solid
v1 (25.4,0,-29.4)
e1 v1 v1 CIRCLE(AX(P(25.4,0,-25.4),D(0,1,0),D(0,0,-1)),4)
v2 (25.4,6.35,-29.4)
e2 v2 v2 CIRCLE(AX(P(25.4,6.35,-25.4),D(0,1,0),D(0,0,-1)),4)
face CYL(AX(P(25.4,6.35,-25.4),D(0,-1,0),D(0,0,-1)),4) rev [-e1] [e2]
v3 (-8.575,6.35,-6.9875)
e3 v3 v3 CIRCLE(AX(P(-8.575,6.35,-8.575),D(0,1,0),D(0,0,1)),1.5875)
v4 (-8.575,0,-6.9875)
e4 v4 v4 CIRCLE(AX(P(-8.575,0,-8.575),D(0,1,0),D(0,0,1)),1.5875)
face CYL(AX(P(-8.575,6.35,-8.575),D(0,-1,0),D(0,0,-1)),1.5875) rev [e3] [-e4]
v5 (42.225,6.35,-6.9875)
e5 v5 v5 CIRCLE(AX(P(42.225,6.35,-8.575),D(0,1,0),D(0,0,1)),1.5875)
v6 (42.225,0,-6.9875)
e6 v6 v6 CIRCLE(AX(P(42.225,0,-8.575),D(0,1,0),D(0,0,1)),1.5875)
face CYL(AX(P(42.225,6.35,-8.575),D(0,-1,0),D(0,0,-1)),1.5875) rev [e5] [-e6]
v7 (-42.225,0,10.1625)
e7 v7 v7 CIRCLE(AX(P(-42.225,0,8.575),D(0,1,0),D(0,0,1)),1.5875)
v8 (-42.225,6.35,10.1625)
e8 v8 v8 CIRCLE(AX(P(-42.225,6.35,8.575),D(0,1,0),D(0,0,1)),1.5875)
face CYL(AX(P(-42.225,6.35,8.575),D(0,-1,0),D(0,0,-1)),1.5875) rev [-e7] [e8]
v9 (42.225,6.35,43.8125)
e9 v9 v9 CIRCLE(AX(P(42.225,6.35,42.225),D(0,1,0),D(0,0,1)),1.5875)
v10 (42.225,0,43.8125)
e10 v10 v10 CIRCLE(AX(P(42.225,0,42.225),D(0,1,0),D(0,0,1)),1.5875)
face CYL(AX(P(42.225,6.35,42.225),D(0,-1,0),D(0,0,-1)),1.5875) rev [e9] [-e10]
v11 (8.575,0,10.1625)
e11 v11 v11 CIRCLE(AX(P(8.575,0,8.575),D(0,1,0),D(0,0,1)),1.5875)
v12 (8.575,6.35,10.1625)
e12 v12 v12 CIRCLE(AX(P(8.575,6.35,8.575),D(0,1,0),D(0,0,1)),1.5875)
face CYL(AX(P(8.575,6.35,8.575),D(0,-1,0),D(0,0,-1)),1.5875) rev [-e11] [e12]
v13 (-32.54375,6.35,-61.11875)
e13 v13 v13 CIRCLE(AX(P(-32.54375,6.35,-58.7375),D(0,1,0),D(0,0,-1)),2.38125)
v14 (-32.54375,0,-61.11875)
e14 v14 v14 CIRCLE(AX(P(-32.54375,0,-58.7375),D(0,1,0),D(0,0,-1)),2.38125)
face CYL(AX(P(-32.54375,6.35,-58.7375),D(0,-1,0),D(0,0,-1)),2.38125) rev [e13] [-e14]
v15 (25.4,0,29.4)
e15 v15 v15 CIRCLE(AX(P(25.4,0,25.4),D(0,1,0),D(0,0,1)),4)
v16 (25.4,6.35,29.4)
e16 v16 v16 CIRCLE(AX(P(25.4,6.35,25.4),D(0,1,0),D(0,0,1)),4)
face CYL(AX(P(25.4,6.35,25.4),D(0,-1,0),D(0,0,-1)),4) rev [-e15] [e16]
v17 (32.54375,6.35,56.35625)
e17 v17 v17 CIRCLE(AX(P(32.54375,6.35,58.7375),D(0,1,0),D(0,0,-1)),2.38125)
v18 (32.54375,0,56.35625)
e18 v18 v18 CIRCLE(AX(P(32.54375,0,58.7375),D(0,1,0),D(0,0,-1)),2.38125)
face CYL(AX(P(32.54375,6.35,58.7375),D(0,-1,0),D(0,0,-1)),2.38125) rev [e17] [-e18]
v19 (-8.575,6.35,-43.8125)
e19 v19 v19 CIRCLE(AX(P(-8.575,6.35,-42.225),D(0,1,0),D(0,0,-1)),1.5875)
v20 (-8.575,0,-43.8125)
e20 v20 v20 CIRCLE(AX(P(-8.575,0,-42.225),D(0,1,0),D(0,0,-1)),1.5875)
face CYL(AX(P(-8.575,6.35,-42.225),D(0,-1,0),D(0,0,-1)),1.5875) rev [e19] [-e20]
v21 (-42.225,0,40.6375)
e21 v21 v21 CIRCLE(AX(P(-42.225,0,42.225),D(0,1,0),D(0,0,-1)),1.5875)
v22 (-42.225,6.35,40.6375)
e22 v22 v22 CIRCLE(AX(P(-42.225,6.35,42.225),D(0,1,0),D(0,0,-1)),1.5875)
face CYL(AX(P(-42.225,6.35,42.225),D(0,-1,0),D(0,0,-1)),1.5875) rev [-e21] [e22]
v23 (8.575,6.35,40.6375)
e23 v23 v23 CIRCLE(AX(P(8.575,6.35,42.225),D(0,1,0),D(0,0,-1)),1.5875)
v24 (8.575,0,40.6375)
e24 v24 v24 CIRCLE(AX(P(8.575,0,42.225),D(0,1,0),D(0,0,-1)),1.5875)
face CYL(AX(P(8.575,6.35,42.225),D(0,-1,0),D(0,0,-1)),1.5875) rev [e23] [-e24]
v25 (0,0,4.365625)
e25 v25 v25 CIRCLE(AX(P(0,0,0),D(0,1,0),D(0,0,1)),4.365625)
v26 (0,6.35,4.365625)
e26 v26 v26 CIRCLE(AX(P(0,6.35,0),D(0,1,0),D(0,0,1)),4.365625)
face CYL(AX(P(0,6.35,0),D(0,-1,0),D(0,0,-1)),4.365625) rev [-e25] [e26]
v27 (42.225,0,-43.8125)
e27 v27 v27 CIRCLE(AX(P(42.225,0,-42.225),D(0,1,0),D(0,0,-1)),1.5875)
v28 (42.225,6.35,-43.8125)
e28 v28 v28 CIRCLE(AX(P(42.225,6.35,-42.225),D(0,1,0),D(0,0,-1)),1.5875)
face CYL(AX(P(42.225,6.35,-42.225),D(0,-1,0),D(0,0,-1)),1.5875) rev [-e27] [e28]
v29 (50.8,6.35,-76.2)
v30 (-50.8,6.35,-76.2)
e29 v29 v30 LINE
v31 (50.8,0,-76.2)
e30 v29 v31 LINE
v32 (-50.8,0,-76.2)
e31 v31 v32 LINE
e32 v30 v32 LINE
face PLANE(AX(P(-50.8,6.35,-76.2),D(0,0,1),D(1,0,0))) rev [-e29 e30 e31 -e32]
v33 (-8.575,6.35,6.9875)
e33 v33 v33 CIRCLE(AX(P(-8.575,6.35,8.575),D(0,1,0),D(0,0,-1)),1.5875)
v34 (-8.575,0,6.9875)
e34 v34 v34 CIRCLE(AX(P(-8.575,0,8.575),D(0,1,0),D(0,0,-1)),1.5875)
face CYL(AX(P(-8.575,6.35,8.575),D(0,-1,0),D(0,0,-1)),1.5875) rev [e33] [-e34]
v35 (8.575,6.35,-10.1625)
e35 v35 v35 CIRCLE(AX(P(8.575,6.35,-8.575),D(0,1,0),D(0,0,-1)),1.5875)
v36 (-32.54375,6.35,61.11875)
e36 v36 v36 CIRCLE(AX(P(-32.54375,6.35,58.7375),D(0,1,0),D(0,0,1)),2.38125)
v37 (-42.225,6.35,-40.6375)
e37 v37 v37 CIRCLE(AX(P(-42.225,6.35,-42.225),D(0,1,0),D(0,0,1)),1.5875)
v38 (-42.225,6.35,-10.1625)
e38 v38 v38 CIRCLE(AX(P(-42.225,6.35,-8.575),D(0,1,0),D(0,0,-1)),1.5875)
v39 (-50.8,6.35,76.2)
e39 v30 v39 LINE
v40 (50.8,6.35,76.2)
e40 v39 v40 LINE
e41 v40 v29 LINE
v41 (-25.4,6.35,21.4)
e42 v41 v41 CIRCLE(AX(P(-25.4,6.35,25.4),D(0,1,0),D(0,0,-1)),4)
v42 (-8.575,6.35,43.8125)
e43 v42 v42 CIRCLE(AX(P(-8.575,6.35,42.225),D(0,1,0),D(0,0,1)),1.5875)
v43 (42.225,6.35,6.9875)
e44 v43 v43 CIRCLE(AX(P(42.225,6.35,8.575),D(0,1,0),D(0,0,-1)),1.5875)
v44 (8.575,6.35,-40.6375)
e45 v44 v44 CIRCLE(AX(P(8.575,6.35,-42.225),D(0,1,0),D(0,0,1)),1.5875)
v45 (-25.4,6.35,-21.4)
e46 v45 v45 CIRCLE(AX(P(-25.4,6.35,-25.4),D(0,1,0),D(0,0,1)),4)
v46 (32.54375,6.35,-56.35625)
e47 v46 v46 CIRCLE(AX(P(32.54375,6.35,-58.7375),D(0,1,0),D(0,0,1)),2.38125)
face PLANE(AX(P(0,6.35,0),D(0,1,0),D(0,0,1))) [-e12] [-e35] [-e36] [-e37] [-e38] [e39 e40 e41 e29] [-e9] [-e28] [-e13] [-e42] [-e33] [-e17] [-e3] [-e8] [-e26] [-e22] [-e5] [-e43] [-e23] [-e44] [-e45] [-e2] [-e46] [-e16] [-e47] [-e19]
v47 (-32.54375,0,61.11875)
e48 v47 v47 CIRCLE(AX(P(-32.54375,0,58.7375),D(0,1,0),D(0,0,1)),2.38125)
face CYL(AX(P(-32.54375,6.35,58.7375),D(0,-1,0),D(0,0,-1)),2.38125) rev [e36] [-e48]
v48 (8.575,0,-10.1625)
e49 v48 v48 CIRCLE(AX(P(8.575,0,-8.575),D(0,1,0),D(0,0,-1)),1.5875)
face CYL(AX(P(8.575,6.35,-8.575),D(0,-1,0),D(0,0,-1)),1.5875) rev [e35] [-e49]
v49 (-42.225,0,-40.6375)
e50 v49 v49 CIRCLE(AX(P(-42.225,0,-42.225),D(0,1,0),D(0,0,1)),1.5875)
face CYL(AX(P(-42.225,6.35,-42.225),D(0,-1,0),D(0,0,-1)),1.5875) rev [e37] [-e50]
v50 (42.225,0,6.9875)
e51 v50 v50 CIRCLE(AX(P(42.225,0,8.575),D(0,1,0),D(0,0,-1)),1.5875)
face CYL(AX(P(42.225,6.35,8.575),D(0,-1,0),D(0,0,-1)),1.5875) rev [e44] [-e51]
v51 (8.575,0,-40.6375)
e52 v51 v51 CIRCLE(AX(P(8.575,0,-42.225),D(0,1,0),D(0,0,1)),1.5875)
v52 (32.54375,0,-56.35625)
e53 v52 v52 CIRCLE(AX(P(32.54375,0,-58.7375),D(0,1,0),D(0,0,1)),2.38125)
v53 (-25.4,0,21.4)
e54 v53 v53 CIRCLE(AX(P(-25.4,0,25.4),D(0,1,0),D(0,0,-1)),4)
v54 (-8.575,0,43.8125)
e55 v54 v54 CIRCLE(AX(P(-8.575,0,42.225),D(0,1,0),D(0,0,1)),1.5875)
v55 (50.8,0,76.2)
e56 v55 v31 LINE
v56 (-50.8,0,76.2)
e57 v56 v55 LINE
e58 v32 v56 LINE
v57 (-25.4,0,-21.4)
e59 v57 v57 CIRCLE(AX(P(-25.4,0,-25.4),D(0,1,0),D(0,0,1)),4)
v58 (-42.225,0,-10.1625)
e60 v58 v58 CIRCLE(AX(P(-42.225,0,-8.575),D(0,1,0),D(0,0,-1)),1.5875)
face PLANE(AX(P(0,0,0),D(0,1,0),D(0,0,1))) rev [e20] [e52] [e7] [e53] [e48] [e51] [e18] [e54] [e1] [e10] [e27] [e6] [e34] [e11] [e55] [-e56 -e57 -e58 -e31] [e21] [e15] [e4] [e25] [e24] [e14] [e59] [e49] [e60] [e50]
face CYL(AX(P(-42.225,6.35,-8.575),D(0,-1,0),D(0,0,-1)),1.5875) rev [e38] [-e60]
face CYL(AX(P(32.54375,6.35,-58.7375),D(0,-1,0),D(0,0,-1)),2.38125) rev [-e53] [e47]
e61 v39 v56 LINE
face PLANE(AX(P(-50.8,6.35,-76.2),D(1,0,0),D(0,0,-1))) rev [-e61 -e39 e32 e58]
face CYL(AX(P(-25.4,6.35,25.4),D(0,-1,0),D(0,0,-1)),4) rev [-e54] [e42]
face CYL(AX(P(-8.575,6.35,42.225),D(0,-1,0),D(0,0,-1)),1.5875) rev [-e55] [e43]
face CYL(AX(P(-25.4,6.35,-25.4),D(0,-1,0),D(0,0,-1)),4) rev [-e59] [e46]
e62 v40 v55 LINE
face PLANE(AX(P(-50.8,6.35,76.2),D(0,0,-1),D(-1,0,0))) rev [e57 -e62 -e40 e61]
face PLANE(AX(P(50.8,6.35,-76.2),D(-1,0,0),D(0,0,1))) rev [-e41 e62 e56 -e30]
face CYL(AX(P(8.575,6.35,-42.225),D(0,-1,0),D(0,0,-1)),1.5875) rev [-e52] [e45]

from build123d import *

# Parameters (mm, degrees)
SKETCH1_W           = 101.6
SKETCH1_H           = 152.4
SKETCH1_R           = 4
SKETCH1_R_2         = 1.5875
SKETCH1_R_3         = 4.365625
SKETCH1_R_4         = 2.38125
BOSS_EXTRUDE1_DEPTH = 6.35


with BuildPart() as part:
    # Sketch1 → Boss-Extrude1 (new body)
    with BuildSketch(Plane(origin=(0, 0, 0), x_dir=(1, 0, 0), z_dir=(0, 1, 0))):
        Rectangle(SKETCH1_W, SKETCH1_H)
        with Locations(Location((-25.4, 25.4, 0), (0, 0, 270))):
            Circle(SKETCH1_R, mode=Mode.SUBTRACT)
        with Locations(Location((-42.225, 42.225, 0), (0, 0, 270))):
            Circle(SKETCH1_R_2, mode=Mode.SUBTRACT)
        with Locations(Location((-8.575, 42.225, 0), (0, 0, 90))):
            Circle(SKETCH1_R_2, mode=Mode.SUBTRACT)
        with Locations(Location((-8.575, 8.575, 0), (0, 0, 270))):
            Circle(SKETCH1_R_2, mode=Mode.SUBTRACT)
        with Locations(Location((-42.225, 8.575, 0), (0, 0, 90))):
            Circle(SKETCH1_R_2, mode=Mode.SUBTRACT)
        with Locations(Location((8.575, 8.575, 0), (0, 0, 90))):
            Circle(SKETCH1_R_2, mode=Mode.SUBTRACT)
        with Locations(Location((42.225, 8.575, 0), (0, 0, 270))):
            Circle(SKETCH1_R_2, mode=Mode.SUBTRACT)
        with Locations(Location((42.225, 42.225, 0), (0, 0, 90))):
            Circle(SKETCH1_R_2, mode=Mode.SUBTRACT)
        with Locations(Location((8.575, 42.225, 0), (0, 0, 270))):
            Circle(SKETCH1_R_2, mode=Mode.SUBTRACT)
        with Locations(Location((25.4, 25.4, 0), (0, 0, 90))):
            Circle(SKETCH1_R, mode=Mode.SUBTRACT)
        with Locations(Location((42.225, -8.575, 0), (0, 0, 90))):
            Circle(SKETCH1_R_2, mode=Mode.SUBTRACT)
        with Locations(Location((42.225, -42.225, 0), (0, 0, 270))):
            Circle(SKETCH1_R_2, mode=Mode.SUBTRACT)
        with Locations(Location((8.575, -42.225, 0), (0, 0, 90))):
            Circle(SKETCH1_R_2, mode=Mode.SUBTRACT)
        with Locations(Location((25.4, -25.4, 0), (0, 0, 270))):
            Circle(SKETCH1_R, mode=Mode.SUBTRACT)
        with Locations(Location((8.575, -8.575, 0), (0, 0, 270))):
            Circle(SKETCH1_R_2, mode=Mode.SUBTRACT)
        with Locations(Location((-8.575, -8.575, 0), (0, 0, 90))):
            Circle(SKETCH1_R_2, mode=Mode.SUBTRACT)
        with Locations(Location((-42.225, -8.575, 0), (0, 0, 270))):
            Circle(SKETCH1_R_2, mode=Mode.SUBTRACT)
        with Locations(Location((-8.575, -42.225, 0), (0, 0, 270))):
            Circle(SKETCH1_R_2, mode=Mode.SUBTRACT)
        with Locations(Location((-25.4, -25.4, 0), (0, 0, 90))):
            Circle(SKETCH1_R, mode=Mode.SUBTRACT)
        with Locations(Location((-42.225, -42.225, 0), (0, 0, 90))):
            Circle(SKETCH1_R_2, mode=Mode.SUBTRACT)
        with Locations(Location((0, 0, 0), (0, 0, 270))):
            Circle(SKETCH1_R_3, mode=Mode.SUBTRACT)
        with Locations(Location((32.54375, 58.7375, 0), (0, 0, 270))):
            Circle(SKETCH1_R_4, mode=Mode.SUBTRACT)
        with Locations(Location((32.54375, -58.7375, 0), (0, 0, 90))):
            Circle(SKETCH1_R_4, mode=Mode.SUBTRACT)
        with Locations(Location((-32.54375, -58.7375, 0), (0, 0, 270))):
            Circle(SKETCH1_R_4, mode=Mode.SUBTRACT)
        with Locations(Location((-32.54375, 58.7375, 0), (0, 0, 90))):
            Circle(SKETCH1_R_4, mode=Mode.SUBTRACT)
    extrude(amount=BOSS_EXTRUDE1_DEPTH)


solid = part.part
